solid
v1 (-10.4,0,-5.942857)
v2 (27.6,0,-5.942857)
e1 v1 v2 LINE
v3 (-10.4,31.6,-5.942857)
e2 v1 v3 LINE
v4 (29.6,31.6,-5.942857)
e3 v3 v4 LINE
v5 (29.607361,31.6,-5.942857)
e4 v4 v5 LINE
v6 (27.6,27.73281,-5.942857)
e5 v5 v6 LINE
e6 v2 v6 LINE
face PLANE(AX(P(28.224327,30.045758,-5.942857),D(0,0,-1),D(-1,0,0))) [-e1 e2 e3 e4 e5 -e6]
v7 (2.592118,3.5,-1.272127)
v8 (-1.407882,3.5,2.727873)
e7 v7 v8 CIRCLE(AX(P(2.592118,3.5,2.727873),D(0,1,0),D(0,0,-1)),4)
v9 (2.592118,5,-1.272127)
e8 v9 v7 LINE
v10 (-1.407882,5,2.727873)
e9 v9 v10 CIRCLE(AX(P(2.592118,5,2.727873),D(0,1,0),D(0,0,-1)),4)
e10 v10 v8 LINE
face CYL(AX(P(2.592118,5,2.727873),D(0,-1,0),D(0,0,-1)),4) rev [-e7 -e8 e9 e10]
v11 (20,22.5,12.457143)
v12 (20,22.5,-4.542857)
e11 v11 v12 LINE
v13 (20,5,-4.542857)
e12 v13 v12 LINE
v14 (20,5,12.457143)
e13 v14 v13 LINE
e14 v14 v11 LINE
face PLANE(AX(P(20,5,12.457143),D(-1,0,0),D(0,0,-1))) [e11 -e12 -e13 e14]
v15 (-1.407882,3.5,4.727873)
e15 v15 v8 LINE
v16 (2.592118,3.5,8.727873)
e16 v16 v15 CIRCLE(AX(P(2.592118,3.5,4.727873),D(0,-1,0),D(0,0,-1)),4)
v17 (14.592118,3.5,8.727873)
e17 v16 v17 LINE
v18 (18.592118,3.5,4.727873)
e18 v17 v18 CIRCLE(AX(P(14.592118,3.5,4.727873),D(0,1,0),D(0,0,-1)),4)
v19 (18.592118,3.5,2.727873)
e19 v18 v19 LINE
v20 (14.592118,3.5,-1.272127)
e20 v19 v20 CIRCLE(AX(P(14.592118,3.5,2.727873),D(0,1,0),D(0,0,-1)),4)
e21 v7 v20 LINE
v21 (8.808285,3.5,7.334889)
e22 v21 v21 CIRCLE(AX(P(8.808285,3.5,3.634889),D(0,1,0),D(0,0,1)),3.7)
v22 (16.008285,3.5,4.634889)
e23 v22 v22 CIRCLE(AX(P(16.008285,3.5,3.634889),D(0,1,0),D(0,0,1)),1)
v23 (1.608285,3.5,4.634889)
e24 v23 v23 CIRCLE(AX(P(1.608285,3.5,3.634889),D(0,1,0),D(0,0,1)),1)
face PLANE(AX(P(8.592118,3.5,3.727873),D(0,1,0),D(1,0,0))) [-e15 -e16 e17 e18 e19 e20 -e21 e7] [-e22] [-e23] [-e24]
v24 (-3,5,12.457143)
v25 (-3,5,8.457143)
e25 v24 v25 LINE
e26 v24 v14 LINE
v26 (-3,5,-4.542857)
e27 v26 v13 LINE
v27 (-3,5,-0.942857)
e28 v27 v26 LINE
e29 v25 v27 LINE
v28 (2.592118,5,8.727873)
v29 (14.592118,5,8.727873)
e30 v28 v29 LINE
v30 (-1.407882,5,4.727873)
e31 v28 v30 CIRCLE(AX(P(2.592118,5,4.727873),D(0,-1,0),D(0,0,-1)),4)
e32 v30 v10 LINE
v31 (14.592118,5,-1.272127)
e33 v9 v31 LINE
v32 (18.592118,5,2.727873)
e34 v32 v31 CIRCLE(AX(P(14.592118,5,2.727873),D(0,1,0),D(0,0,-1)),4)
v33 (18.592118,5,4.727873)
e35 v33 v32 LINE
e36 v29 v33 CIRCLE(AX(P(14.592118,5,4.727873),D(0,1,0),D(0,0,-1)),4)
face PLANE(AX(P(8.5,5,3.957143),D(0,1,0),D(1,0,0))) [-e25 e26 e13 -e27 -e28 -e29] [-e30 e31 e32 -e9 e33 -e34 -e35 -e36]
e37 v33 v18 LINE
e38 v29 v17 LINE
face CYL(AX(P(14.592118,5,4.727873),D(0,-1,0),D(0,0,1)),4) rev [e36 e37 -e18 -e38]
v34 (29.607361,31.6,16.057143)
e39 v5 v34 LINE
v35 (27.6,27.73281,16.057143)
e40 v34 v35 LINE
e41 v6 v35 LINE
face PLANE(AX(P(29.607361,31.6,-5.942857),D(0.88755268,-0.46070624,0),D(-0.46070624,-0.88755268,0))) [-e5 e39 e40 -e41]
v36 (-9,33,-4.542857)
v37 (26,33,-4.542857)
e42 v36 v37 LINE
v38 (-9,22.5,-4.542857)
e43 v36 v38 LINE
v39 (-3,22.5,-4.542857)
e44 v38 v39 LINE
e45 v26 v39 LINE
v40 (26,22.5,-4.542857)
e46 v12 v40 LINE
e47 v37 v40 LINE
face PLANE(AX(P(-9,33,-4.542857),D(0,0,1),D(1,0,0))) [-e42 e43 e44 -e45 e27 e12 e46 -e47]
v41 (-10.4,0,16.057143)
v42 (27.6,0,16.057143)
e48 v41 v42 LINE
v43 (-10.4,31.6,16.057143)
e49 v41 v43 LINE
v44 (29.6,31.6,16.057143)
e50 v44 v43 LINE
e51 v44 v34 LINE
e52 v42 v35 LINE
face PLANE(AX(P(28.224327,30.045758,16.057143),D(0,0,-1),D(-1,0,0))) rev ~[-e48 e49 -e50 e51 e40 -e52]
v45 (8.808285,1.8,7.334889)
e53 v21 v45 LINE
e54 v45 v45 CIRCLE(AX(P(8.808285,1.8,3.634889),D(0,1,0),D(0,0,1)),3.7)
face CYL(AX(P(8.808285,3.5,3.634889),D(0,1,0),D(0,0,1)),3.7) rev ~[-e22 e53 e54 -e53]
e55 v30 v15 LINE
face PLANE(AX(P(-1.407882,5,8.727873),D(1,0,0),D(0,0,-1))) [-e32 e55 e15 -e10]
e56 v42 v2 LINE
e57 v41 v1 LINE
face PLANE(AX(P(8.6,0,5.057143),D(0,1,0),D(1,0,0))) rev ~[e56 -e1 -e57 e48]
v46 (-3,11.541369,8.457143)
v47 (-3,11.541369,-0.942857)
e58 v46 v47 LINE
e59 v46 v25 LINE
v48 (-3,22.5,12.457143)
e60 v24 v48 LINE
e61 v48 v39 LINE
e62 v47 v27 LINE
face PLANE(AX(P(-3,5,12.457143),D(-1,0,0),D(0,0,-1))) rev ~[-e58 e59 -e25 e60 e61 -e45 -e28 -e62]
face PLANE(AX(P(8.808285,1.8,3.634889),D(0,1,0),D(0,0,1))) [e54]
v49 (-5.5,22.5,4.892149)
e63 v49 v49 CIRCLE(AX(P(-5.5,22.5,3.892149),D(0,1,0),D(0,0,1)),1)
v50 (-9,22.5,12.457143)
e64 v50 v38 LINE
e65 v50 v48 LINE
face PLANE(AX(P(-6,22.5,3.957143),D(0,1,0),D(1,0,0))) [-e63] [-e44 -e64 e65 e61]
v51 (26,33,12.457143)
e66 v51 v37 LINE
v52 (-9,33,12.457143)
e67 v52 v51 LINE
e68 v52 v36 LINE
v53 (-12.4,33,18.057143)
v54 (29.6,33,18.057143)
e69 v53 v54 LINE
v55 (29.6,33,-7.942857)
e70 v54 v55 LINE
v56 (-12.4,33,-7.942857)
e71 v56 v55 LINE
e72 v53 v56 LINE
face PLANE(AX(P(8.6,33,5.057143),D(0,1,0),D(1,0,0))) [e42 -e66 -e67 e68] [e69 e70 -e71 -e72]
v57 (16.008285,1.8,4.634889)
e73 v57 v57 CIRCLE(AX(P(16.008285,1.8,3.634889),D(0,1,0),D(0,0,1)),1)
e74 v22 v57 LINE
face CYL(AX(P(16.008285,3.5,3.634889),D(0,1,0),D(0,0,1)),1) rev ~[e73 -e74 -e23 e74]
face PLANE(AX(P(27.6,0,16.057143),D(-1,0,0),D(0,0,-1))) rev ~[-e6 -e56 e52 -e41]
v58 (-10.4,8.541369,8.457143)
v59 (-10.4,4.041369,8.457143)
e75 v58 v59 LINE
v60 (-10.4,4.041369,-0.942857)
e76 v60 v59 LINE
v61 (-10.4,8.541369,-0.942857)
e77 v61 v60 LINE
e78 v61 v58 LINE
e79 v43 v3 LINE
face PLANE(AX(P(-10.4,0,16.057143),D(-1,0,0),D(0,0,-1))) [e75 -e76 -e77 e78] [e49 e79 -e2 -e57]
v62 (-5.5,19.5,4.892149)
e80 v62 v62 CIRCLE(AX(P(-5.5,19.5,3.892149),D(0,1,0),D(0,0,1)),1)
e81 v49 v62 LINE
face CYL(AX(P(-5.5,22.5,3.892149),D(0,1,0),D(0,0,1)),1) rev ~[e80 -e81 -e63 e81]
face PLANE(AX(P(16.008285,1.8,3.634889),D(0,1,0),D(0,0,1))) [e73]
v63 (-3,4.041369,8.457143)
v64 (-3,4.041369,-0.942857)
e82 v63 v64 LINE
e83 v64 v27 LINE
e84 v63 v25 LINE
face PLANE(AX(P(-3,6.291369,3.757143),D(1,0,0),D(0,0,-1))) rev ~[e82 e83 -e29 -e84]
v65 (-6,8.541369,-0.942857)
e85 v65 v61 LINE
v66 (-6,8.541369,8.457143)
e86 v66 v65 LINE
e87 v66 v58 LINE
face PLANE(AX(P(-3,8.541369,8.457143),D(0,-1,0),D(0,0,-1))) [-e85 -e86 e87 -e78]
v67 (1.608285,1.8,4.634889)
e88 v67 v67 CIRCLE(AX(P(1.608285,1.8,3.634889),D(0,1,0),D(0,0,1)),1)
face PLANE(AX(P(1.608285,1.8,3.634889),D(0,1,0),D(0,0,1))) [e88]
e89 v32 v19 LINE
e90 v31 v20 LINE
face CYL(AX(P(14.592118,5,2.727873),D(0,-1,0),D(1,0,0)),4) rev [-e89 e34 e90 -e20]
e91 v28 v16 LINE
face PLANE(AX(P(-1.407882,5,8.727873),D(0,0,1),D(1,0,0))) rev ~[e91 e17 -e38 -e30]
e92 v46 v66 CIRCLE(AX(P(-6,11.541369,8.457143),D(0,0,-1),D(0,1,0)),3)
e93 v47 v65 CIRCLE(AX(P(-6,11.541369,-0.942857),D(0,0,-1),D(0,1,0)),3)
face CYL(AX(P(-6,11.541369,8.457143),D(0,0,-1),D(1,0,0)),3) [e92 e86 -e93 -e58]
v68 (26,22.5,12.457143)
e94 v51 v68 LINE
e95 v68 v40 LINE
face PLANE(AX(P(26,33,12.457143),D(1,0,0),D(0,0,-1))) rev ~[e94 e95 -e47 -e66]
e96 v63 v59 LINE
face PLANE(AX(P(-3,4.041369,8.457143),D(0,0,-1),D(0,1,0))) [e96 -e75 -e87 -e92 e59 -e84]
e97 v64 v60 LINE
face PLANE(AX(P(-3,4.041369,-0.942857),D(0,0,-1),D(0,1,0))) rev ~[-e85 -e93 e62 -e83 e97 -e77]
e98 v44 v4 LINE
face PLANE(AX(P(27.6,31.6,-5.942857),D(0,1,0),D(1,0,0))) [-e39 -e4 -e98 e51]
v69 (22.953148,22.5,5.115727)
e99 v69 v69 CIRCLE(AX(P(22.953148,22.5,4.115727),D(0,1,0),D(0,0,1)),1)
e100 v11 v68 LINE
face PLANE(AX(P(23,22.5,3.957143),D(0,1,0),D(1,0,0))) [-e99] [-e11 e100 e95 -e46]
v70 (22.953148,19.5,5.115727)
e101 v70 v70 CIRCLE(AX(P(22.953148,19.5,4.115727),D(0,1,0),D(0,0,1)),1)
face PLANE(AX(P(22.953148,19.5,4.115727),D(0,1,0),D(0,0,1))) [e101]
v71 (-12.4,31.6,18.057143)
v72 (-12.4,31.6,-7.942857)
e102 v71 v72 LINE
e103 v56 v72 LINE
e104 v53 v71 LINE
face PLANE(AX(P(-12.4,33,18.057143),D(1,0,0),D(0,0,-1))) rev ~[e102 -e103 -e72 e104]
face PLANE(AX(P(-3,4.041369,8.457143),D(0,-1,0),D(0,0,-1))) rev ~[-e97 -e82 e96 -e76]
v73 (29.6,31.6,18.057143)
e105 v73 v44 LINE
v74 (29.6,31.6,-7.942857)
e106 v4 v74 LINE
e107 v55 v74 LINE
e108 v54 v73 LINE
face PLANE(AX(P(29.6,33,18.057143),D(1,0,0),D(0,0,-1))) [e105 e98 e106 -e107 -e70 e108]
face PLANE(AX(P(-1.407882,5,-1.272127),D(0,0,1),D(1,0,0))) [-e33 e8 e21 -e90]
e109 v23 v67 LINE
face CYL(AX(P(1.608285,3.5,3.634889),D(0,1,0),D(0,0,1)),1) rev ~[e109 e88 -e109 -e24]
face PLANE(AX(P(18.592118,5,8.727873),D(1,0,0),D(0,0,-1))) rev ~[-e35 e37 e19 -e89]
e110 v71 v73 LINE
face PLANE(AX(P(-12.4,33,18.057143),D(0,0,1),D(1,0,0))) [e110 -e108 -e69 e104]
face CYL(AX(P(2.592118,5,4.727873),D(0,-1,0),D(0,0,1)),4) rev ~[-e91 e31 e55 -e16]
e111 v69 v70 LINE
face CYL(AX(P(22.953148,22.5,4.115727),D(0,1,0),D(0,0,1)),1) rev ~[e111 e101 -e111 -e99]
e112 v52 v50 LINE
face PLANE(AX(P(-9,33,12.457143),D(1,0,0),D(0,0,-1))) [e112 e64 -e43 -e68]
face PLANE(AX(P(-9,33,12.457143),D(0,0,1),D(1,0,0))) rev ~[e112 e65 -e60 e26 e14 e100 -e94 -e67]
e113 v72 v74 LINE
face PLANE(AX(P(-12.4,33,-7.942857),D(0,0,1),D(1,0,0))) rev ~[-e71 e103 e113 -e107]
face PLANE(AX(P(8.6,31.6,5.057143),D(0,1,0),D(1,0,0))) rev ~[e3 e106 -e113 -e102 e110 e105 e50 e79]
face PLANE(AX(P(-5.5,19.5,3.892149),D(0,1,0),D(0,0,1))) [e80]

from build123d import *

# Parameters (mm, degrees)
SKETCH1_W           = 38
SKETCH1_H           = 22
BOSS_EXTRUDE1_DEPTH = 33
SKETCH2_W           = 35
SKETCH2_H           = 17
CUT_EXTRUDE1_DEPTH  = 28
SKETCH3_W           = 6
SKETCH3_H           = 17
BOSS_EXTRUDE2_DEPTH = 17.5
SKETCH4_W           = 42
SKETCH4_H           = 26
SKETCH4_W_2         = 38
SKETCH4_H_2         = 22
EXTRUDE_THIN2_DEPTH = 1.4
SKETCH5_R           = 1
CUT_EXTRUDE2_DEPTH  = 3
SKETCH6_R           = 1
CUT_EXTRUDE3_DEPTH  = 3
SKETCH7_W           = 9.4
SKETCH7_H           = 4.5
CUT_EXTRUDE4_DEPTH  = 10
SKETCH8_W           = 20
SKETCH8_H           = 10
CUT_EXTRUDE5_DEPTH  = 1.5
SKETCH9_R           = 3.7
SKETCH9_R_2         = 1
CUT_EXTRUDE6_DEPTH  = 1.7
FILLET1_R           = 4
BOSS_EXTRUDE3_START = -22
BOSS_EXTRUDE3_DEPTH = 22
FILLET2_R           = 3


with BuildPart() as part:
    # Sketch1 → Boss-Extrude1 (new body)
    with BuildSketch(Plane(origin=(0, 0, 0), x_dir=(1, 0, 0), z_dir=(0, 1, 0))):
        with Locations((8.6, -5.057142857)):
            Rectangle(SKETCH1_W, SKETCH1_H)
    extrude(amount=BOSS_EXTRUDE1_DEPTH)

    # Sketch2 → Cut-Extrude1 (cut)
    with BuildSketch(Plane(origin=(0, 33, 0), x_dir=(1, 0, 0), z_dir=(0, 1, 0))):
        with Locations((8.5, -3.957142857)):
            Rectangle(SKETCH2_W, SKETCH2_H)
    extrude(amount=-CUT_EXTRUDE1_DEPTH, mode=Mode.SUBTRACT)

    # Sketch3 → Boss-Extrude2 (add)
    with BuildSketch(Plane(origin=(0, 5, 0), x_dir=(1, 0, 0), z_dir=(0, 1, 0))):
        with Locations((-6, -3.957142857)):
            Rectangle(SKETCH3_W, SKETCH3_H)
        with Locations((23, -3.957142857)):
            Rectangle(SKETCH3_W, SKETCH3_H)
    extrude(amount=BOSS_EXTRUDE2_DEPTH)

    # Sketch4 → Extrude-Thin2 (add)
    with BuildSketch(Plane(origin=(0, 33, 0), x_dir=(1, 0, 0), z_dir=(0, 1, 0))):
        with Locations((8.6, -5.057142857)):
            Rectangle(SKETCH4_W, SKETCH4_H)
        with Locations((8.6, -5.057142857)):
            Rectangle(SKETCH4_W_2, SKETCH4_H_2, mode=Mode.SUBTRACT)
    extrude(amount=-EXTRUDE_THIN2_DEPTH)

    # Sketch5 → Cut-Extrude2 (cut)
    with BuildSketch(Plane(origin=(0, 22.5, 0), x_dir=(1, 0, 0), z_dir=(0, 1, 0))):
        with Locations(Location((-5.5, -3.892148731, 0), (0, 0, 270))):
            Circle(SKETCH5_R)
    extrude(amount=-CUT_EXTRUDE2_DEPTH, mode=Mode.SUBTRACT)

    # Sketch6 → Cut-Extrude3 (cut)
    with BuildSketch(Plane(origin=(0, 22.5, 0), x_dir=(1, 0, 0), z_dir=(0, 1, 0))):
        with Locations(Location((22.953148274, -4.115727136, 0), (0, 0, 270))):
            Circle(SKETCH6_R)
    extrude(amount=-CUT_EXTRUDE3_DEPTH, mode=Mode.SUBTRACT)

    # Sketch7 → Cut-Extrude4 (cut)
    with BuildSketch(Plane(origin=(-3, 0, 0), x_dir=(0, 0, -1), z_dir=(1, 0, 0))):
        with Locations((-3.757142857, 6.291369126)):
            Rectangle(SKETCH7_W, SKETCH7_H)
    extrude(amount=-CUT_EXTRUDE4_DEPTH, mode=Mode.SUBTRACT)

    # Sketch8 → Cut-Extrude5 (cut)
    with BuildSketch(Plane(origin=(0, 5, 0), x_dir=(1, 0, 0), z_dir=(0, 1, 0))):
        with Locations((8.592117784, -3.72787339)):
            Rectangle(SKETCH8_W, SKETCH8_H)
    extrude(amount=-CUT_EXTRUDE5_DEPTH, mode=Mode.SUBTRACT)

    # Sketch9 → Cut-Extrude6 (cut)
    with BuildSketch(Plane(origin=(0, 3.5, 0), x_dir=(1, 0, 0), z_dir=(0, 1, 0))):
        with Locations(Location((8.808284604, -3.634888569, 0), (0, 0, 270))):
            Circle(SKETCH9_R)
        with Locations(Location((1.608284604, -3.634888569, 0), (0, 0, 270))):
            Circle(SKETCH9_R_2)
        with Locations(Location((16.008284604, -3.634888569, 0), (0, 0, 270))):
            Circle(SKETCH9_R_2)
    extrude(amount=-CUT_EXTRUDE6_DEPTH, mode=Mode.SUBTRACT)

    # Fillet1
    fillet1_edges = [part.edges().sort_by_distance(p)[0] for p in [
        (-1.407882216, 4.25, 8.72787339),
        (-1.407882216, 4.25, -1.27212661),
        (18.592117784, 4.25, -1.27212661),
        (18.592117784, 4.25, 8.72787339),
    ]]
    fillet(fillet1_edges, radius=FILLET1_R)

    # Sketch10 → Boss-Extrude3 (add)
    with BuildSketch(Plane.XY.offset(16.057142857).offset(BOSS_EXTRUDE3_START)):
        Polygon((27.6, 31.6), (29.607360767, 31.6), (27.6, 27.732810295), align=None)
    extrude(amount=BOSS_EXTRUDE3_DEPTH)

    # Fillet2
    fillet2_edges = [part.edges().sort_by_distance(p)[0] for p in [
        (-3, 8.541369126, 3.757142857),
    ]]
    fillet(fillet2_edges, radius=FILLET2_R)


solid = part.part
